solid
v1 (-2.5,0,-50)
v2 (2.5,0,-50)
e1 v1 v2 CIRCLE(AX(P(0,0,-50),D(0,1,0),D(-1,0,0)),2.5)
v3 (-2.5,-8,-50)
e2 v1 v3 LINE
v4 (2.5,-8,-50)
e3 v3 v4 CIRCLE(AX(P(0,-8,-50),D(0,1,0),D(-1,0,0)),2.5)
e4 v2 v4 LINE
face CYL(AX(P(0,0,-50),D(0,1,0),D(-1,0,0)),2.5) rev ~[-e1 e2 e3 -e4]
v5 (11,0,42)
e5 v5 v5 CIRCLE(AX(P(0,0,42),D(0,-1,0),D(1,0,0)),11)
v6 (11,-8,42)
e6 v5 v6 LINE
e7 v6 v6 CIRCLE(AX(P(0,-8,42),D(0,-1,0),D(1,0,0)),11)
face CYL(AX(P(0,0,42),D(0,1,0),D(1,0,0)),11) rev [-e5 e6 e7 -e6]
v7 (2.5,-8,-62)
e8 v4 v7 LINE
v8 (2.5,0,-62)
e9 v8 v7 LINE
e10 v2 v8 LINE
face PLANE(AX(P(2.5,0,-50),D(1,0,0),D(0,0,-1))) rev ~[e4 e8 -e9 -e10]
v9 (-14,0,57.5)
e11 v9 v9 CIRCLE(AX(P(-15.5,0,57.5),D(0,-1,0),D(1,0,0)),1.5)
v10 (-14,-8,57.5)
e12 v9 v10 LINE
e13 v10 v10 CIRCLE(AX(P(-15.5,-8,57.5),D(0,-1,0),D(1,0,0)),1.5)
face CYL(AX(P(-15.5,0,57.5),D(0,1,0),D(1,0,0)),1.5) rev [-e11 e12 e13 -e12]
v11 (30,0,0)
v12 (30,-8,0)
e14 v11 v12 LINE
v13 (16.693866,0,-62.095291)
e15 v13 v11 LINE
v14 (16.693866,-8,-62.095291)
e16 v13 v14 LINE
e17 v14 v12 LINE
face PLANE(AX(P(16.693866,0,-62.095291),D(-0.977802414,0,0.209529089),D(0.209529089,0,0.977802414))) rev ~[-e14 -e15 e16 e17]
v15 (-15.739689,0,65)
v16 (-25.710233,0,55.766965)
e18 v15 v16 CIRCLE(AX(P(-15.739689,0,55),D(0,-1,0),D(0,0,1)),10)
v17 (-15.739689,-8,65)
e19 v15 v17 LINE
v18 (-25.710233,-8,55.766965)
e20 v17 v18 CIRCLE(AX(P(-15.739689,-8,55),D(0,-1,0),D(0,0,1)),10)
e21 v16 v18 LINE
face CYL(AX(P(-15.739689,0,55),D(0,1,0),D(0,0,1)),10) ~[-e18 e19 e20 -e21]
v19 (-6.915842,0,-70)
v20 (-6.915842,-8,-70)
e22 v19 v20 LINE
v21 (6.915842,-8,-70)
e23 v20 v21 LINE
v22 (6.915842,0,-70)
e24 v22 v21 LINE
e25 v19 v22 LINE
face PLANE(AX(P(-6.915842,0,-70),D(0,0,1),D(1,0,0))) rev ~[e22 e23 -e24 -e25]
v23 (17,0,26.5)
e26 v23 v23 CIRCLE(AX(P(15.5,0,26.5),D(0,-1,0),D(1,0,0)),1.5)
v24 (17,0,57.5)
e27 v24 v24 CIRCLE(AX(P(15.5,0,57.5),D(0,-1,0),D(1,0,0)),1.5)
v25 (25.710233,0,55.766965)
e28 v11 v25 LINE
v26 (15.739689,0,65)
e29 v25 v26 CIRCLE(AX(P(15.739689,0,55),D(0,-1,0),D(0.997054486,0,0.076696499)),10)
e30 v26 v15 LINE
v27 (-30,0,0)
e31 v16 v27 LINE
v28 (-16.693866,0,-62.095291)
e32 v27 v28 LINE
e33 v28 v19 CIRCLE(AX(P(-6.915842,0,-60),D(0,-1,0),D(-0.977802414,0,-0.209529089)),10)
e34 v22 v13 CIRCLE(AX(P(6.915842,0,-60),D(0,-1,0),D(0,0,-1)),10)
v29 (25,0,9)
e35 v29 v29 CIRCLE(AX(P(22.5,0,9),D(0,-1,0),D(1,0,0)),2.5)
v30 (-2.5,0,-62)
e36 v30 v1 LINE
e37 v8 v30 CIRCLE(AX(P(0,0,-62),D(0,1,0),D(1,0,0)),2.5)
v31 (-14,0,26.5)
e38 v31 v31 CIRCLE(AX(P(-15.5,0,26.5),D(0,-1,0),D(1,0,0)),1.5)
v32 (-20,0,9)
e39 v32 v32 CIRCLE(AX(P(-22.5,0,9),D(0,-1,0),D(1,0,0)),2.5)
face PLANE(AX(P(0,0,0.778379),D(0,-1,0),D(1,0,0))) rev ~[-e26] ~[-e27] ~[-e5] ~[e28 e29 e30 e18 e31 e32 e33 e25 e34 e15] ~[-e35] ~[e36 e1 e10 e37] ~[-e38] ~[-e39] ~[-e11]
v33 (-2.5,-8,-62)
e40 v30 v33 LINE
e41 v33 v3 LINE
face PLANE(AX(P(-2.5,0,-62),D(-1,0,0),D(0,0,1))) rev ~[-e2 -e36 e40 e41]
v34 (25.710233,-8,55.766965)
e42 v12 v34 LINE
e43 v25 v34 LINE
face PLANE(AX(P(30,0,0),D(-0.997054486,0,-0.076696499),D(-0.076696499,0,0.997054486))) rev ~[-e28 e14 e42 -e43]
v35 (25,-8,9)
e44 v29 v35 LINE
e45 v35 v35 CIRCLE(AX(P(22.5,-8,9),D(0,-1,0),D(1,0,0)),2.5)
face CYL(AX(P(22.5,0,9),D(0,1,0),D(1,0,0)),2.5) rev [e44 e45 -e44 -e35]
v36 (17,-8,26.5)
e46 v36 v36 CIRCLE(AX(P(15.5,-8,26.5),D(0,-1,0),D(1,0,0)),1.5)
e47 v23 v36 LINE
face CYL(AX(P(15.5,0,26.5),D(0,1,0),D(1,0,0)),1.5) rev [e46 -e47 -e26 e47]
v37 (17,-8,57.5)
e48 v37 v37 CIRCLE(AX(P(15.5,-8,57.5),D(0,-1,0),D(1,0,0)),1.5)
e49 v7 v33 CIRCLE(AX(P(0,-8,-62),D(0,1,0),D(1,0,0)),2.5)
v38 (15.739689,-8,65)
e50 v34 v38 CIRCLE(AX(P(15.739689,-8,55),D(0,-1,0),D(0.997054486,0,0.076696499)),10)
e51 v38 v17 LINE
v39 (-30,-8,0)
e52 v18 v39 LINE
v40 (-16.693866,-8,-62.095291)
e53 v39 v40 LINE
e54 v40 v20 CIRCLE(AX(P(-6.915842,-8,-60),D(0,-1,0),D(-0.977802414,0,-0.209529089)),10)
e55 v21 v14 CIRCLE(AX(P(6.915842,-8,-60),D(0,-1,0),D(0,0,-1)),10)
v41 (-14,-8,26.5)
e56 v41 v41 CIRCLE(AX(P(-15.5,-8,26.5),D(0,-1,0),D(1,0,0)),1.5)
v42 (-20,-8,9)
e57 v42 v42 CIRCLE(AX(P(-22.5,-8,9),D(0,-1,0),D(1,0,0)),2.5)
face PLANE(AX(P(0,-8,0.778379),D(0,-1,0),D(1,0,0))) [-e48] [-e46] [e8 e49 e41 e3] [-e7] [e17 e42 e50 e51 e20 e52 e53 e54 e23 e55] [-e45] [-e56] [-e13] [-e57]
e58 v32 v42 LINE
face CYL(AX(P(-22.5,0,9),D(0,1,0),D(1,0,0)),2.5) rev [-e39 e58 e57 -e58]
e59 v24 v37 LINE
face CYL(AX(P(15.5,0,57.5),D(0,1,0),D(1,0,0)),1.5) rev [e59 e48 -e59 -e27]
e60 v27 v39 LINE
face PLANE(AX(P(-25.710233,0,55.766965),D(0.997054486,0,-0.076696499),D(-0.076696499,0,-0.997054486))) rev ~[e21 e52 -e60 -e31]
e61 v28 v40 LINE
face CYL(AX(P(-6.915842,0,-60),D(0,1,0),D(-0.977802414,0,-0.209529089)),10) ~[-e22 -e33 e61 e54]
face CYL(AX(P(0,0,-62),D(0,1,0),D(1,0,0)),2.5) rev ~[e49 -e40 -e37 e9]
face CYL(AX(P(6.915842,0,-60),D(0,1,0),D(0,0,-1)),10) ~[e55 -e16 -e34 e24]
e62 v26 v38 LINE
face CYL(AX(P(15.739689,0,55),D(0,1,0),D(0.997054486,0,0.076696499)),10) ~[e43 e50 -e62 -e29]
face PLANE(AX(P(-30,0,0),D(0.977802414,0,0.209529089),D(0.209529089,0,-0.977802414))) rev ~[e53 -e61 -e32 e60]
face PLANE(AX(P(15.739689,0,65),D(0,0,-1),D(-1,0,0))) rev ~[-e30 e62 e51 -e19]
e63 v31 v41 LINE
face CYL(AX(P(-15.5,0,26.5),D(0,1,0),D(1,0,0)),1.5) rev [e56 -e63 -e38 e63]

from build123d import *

# Parameters (mm, degrees)
F0_R     = 2.5
F0_R_2   = 1.5
F0_R_3   = 11
F2_DEPTH = 8


with BuildPart() as f2:
    # F0 (on Front) → F2 (new body)
    with BuildSketch(Plane.XZ):
        with BuildLine():
            Line((15.7396886074, 65), (0, 65))
            Line((0, 65), (-15.7396886074, 65))
            ThreePointArc((-15.7396886074, 65), (-22.5341845457, 62.3372218819), (-25.7102334624, 55.7669649888))
            Line((-25.7102334624, 55.7669649888), (-30, 0))
            Line((-30, 0), (-16.6938662384, -62.0952908873))
            ThreePointArc((-16.6938662384, -62.0952908873), (-13.202617548, -67.7766608796), (-6.9158420977, -70))
            Line((-6.9158420977, -70), (0, -70))
            Line((0, -70), (6.9158420977, -70))
            ThreePointArc((6.9158420977, -70), (13.202617548, -67.7766608796), (16.6938662384, -62.0952908873))
            Line((16.6938662384, -62.0952908873), (30, 0))
            Line((30, 0), (25.7102334624, 55.7669649888))
            ThreePointArc((25.7102334624, 55.7669649888), (22.5341845457, 62.3372218819), (15.7396886074, 65))
        make_face()
        with BuildLine():
            Line((-2.5, -62), (-2.5, -50))
            ThreePointArc((-2.5, -50), (0, -47.5), (2.5, -50))
            Line((2.5, -50), (2.5, -62))
            ThreePointArc((2.5, -62), (0, -64.5), (-2.5, -62))
        make_face(mode=Mode.SUBTRACT)
        with Locations((-22.5, 9)):
            Circle(F0_R, mode=Mode.SUBTRACT)
        with Locations((-15.5, 26.5)):
            Circle(F0_R_2, mode=Mode.SUBTRACT)
        with Locations((-15.5, 57.5)):
            Circle(F0_R_2, mode=Mode.SUBTRACT)
        with Locations((22.5, 9)):
            Circle(F0_R, mode=Mode.SUBTRACT)
        with Locations((15.5, 26.5)):
            Circle(F0_R_2, mode=Mode.SUBTRACT)
        with Locations((0, 42)):
            Circle(F0_R_3, mode=Mode.SUBTRACT)
        with Locations((15.5, 57.5)):
            Circle(F0_R_2, mode=Mode.SUBTRACT)
    extrude(amount=F2_DEPTH)


solid = f2.part
